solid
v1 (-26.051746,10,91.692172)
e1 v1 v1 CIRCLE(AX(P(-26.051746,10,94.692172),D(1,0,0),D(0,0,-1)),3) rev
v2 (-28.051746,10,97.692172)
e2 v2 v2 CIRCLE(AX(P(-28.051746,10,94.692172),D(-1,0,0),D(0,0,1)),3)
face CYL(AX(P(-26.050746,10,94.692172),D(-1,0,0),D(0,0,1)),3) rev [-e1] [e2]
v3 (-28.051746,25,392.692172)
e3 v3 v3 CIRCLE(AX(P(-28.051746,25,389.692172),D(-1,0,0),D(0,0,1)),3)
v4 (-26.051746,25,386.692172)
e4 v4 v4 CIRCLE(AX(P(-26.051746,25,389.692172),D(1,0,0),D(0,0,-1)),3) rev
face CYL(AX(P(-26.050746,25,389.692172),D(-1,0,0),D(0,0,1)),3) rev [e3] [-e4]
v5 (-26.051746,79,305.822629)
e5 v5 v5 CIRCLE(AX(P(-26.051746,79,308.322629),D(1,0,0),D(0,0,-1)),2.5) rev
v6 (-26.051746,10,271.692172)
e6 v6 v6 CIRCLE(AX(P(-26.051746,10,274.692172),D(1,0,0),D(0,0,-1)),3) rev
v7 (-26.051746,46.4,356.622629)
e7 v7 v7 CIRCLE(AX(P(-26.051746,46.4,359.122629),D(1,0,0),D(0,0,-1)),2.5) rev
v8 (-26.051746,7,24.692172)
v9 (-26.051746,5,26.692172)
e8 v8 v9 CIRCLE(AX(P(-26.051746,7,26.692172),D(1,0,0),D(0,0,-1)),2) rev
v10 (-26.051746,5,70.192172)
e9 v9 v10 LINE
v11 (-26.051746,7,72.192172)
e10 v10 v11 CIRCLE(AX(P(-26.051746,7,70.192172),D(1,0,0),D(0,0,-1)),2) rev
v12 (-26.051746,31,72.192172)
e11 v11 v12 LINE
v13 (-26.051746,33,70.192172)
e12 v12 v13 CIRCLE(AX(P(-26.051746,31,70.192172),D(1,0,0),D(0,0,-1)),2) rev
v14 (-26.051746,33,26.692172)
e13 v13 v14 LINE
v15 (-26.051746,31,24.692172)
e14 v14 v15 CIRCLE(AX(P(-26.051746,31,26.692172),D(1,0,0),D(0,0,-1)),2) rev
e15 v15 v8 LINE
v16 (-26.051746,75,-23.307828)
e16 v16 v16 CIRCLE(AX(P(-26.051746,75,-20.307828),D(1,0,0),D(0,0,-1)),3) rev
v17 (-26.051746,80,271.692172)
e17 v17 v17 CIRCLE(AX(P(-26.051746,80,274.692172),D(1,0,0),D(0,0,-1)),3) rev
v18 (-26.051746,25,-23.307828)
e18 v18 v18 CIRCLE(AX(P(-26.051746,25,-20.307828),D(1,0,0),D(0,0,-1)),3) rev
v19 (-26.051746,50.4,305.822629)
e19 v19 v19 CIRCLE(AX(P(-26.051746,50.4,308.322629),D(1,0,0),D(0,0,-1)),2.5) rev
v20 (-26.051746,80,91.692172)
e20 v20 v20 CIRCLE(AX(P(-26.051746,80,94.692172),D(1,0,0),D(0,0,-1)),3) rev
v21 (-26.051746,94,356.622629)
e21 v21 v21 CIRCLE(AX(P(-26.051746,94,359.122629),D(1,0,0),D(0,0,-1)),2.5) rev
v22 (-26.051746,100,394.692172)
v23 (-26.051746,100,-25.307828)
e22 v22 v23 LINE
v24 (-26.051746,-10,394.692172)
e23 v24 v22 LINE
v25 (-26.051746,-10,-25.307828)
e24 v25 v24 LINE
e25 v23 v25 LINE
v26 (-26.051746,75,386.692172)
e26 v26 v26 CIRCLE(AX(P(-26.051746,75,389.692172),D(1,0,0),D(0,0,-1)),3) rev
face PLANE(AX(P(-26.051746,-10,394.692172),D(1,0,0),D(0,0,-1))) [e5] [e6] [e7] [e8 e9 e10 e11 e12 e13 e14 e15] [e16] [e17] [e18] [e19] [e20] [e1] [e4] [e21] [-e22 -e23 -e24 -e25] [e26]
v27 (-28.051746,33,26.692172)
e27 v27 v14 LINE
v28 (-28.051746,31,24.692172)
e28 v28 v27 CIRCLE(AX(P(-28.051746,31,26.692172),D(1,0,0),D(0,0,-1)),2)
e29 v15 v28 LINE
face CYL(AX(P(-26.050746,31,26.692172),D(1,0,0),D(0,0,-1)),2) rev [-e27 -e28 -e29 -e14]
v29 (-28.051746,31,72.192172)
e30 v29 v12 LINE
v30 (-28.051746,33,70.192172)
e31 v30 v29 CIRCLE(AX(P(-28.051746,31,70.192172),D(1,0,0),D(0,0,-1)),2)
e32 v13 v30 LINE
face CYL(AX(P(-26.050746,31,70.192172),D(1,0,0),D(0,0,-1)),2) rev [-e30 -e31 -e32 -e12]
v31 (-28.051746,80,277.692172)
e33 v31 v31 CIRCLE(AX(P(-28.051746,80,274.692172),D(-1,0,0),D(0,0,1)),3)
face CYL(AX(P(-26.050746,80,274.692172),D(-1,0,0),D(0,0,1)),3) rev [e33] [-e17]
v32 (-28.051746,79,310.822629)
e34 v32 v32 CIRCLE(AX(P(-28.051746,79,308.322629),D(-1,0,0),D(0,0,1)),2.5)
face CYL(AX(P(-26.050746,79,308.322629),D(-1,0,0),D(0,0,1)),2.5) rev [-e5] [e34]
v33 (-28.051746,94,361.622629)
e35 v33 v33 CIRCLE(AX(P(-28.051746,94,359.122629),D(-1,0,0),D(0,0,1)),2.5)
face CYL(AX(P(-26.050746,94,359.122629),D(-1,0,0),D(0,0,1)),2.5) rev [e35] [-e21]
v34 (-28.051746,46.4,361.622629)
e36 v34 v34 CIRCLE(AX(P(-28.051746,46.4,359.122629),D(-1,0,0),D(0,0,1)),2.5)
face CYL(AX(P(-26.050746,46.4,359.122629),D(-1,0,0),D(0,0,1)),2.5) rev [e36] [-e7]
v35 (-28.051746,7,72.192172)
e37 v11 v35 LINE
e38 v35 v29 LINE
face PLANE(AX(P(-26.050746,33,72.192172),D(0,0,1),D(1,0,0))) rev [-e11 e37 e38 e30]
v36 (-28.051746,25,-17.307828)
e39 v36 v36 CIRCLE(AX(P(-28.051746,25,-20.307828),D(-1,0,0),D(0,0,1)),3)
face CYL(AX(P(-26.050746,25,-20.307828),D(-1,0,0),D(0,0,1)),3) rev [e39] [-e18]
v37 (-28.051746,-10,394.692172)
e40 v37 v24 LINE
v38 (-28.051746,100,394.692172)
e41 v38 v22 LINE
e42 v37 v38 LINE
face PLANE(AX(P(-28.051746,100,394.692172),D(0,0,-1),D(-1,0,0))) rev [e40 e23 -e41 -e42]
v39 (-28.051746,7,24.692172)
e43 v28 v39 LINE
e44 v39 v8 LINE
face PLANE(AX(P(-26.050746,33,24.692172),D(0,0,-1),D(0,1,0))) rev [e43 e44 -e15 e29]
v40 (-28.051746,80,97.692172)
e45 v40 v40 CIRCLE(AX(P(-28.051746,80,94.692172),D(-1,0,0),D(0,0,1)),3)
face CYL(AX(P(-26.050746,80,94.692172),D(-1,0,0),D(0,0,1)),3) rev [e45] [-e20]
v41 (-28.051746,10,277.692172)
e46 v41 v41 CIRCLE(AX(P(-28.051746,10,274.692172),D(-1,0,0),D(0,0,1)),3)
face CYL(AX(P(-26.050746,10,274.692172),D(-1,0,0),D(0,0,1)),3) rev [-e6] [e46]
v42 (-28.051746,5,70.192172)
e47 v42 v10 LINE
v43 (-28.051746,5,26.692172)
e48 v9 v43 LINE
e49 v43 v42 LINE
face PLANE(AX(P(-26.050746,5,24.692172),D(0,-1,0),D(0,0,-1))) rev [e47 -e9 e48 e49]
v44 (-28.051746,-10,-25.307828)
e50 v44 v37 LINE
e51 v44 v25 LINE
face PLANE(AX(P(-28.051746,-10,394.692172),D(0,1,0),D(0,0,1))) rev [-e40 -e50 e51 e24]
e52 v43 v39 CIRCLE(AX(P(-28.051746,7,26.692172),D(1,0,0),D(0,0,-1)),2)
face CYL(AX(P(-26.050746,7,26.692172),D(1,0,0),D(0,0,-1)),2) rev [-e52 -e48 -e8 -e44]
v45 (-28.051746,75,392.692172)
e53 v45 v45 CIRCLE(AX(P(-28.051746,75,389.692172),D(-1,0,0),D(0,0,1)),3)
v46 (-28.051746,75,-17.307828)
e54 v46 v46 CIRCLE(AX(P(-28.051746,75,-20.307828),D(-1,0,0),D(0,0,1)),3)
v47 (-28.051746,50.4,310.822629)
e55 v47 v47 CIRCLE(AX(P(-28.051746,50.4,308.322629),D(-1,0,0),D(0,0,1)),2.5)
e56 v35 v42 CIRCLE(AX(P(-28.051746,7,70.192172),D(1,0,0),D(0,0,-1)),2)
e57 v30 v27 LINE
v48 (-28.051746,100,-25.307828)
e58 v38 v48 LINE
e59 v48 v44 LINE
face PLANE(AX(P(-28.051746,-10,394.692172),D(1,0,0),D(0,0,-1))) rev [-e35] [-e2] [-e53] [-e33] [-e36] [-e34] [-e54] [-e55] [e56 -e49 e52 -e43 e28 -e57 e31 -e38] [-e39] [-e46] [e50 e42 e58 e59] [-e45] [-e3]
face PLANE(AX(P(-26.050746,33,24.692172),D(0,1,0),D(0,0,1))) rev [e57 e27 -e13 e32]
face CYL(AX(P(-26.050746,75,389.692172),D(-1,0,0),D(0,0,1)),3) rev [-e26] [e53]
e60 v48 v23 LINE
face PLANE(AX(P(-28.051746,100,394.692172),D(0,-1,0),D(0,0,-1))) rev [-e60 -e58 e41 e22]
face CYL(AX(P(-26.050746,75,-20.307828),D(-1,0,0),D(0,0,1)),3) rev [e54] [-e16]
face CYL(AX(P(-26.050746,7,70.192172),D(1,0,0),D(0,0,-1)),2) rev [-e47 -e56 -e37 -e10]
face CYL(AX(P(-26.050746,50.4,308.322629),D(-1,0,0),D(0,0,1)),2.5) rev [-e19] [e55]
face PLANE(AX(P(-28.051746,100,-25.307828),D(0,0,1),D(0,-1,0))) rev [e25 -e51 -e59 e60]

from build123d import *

# Parameters (mm, degrees)
SKETCH1_W           = 420
SKETCH1_H           = 110
BOSS_EXTRUDE1_DEPTH = 2
CUT_EXTRUDE1_REACH  = 4
SKETCH2_R           = 3
CUT_EXTRUDE2_REACH  = 4
SKETCH3_R           = 3
SKETCH3_R_2         = 2.5
SKETCH3_W           = 47.5
SKETCH3_H           = 28
FILLET1_R           = 2


with BuildPart() as part:
    # Sketch1 → Boss-Extrude1 (new body)
    with BuildSketch(Plane.ZY.offset(26.051745534)):
        with Locations((184.692172039, 45)):
            Rectangle(SKETCH1_W, SKETCH1_H)
    extrude(amount=BOSS_EXTRUDE1_DEPTH)

    # Sketch2 → Cut-Extrude1 (cut, up to next)
    with BuildSketch(Plane.ZY.offset(28.051745534), mode=Mode.PRIVATE) as cut_extrude1_sk1:
        with Locations((-20.307827961, 75)):
            Circle(SKETCH2_R)
    cut_extrude1_tool1 = extrude(cut_extrude1_sk1.sketch, amount=-CUT_EXTRUDE1_REACH, mode=Mode.PRIVATE) & part.part
    add(cut_extrude1_tool1.solids().sort_by_distance((-28.051746, 75, -20.307828))[0], mode=Mode.SUBTRACT)
    # Sketch2 → Cut-Extrude1 (cut, up to next)
    with BuildSketch(Plane.ZY.offset(28.051745534), mode=Mode.PRIVATE) as cut_extrude1_sk2:
        with Locations((-20.307827961, 25)):
            Circle(SKETCH2_R)
    cut_extrude1_tool2 = extrude(cut_extrude1_sk2.sketch, amount=-CUT_EXTRUDE1_REACH, mode=Mode.PRIVATE) & part.part
    add(cut_extrude1_tool2.solids().sort_by_distance((-28.051746, 25, -20.307828))[0], mode=Mode.SUBTRACT)
    # Sketch2 → Cut-Extrude1 (cut, up to next)
    with BuildSketch(Plane.ZY.offset(28.051745534), mode=Mode.PRIVATE) as cut_extrude1_sk3:
        with Locations((389.692172039, 75)):
            Circle(SKETCH2_R)
    cut_extrude1_tool3 = extrude(cut_extrude1_sk3.sketch, amount=-CUT_EXTRUDE1_REACH, mode=Mode.PRIVATE) & part.part
    add(cut_extrude1_tool3.solids().sort_by_distance((-28.051746, 75, 389.692172))[0], mode=Mode.SUBTRACT)
    # Sketch2 → Cut-Extrude1 (cut, up to next)
    with BuildSketch(Plane.ZY.offset(28.051745534), mode=Mode.PRIVATE) as cut_extrude1_sk4:
        with Locations((389.692172039, 25)):
            Circle(SKETCH2_R)
    cut_extrude1_tool4 = extrude(cut_extrude1_sk4.sketch, amount=-CUT_EXTRUDE1_REACH, mode=Mode.PRIVATE) & part.part
    add(cut_extrude1_tool4.solids().sort_by_distance((-28.051746, 25, 389.692172))[0], mode=Mode.SUBTRACT)

    # Sketch3 → Cut-Extrude2 (cut, up to next)
    with BuildSketch(Plane.ZY.offset(28.051745534), mode=Mode.PRIVATE) as cut_extrude2_sk1:
        with Locations((94.692172039, 10)):
            Circle(SKETCH3_R)
    cut_extrude2_tool1 = extrude(cut_extrude2_sk1.sketch, amount=-CUT_EXTRUDE2_REACH, mode=Mode.PRIVATE) & part.part
    add(cut_extrude2_tool1.solids().sort_by_distance((-28.051746, 10, 94.692172))[0], mode=Mode.SUBTRACT)
    # Sketch3 → Cut-Extrude2 (cut, up to next)
    with BuildSketch(Plane.ZY.offset(28.051745534), mode=Mode.PRIVATE) as cut_extrude2_sk2:
        with Locations((274.692172039, 10)):
            Circle(SKETCH3_R)
    cut_extrude2_tool2 = extrude(cut_extrude2_sk2.sketch, amount=-CUT_EXTRUDE2_REACH, mode=Mode.PRIVATE) & part.part
    add(cut_extrude2_tool2.solids().sort_by_distance((-28.051746, 10, 274.692172))[0], mode=Mode.SUBTRACT)
    # Sketch3 → Cut-Extrude2 (cut, up to next)
    with BuildSketch(Plane.ZY.offset(28.051745534), mode=Mode.PRIVATE) as cut_extrude2_sk3:
        with Locations((94.692172039, 80)):
            Circle(SKETCH3_R)
    cut_extrude2_tool3 = extrude(cut_extrude2_sk3.sketch, amount=-CUT_EXTRUDE2_REACH, mode=Mode.PRIVATE) & part.part
    add(cut_extrude2_tool3.solids().sort_by_distance((-28.051746, 80, 94.692172))[0], mode=Mode.SUBTRACT)
    # Sketch3 → Cut-Extrude2 (cut, up to next)
    with BuildSketch(Plane.ZY.offset(28.051745534), mode=Mode.PRIVATE) as cut_extrude2_sk4:
        with Locations((274.692172039, 80)):
            Circle(SKETCH3_R)
    cut_extrude2_tool4 = extrude(cut_extrude2_sk4.sketch, amount=-CUT_EXTRUDE2_REACH, mode=Mode.PRIVATE) & part.part
    add(cut_extrude2_tool4.solids().sort_by_distance((-28.051746, 80, 274.692172))[0], mode=Mode.SUBTRACT)
    # Sketch3 → Cut-Extrude2 (cut, up to next)
    with BuildSketch(Plane.ZY.offset(28.051745534), mode=Mode.PRIVATE) as cut_extrude2_sk5:
        with Locations((359.1226293, 94)):
            Circle(SKETCH3_R_2)
    cut_extrude2_tool5 = extrude(cut_extrude2_sk5.sketch, amount=-CUT_EXTRUDE2_REACH, mode=Mode.PRIVATE) & part.part
    add(cut_extrude2_tool5.solids().sort_by_distance((-28.051746, 94, 359.122629))[0], mode=Mode.SUBTRACT)
    # Sketch3 → Cut-Extrude2 (cut, up to next)
    with BuildSketch(Plane.ZY.offset(28.051745534), mode=Mode.PRIVATE) as cut_extrude2_sk6:
        with Locations((308.3226293, 79)):
            Circle(SKETCH3_R_2)
    cut_extrude2_tool6 = extrude(cut_extrude2_sk6.sketch, amount=-CUT_EXTRUDE2_REACH, mode=Mode.PRIVATE) & part.part
    add(cut_extrude2_tool6.solids().sort_by_distance((-28.051746, 79, 308.322629))[0], mode=Mode.SUBTRACT)
    # Sketch3 → Cut-Extrude2 (cut, up to next)
    with BuildSketch(Plane.ZY.offset(28.051745534), mode=Mode.PRIVATE) as cut_extrude2_sk7:
        with Locations((308.3226293, 50.4)):
            Circle(SKETCH3_R_2)
    cut_extrude2_tool7 = extrude(cut_extrude2_sk7.sketch, amount=-CUT_EXTRUDE2_REACH, mode=Mode.PRIVATE) & part.part
    add(cut_extrude2_tool7.solids().sort_by_distance((-28.051746, 50.4, 308.322629))[0], mode=Mode.SUBTRACT)
    # Sketch3 → Cut-Extrude2 (cut, up to next)
    with BuildSketch(Plane.ZY.offset(28.051745534), mode=Mode.PRIVATE) as cut_extrude2_sk8:
        with Locations((359.1226293, 46.4)):
            Circle(SKETCH3_R_2)
    cut_extrude2_tool8 = extrude(cut_extrude2_sk8.sketch, amount=-CUT_EXTRUDE2_REACH, mode=Mode.PRIVATE) & part.part
    add(cut_extrude2_tool8.solids().sort_by_distance((-28.051746, 46.4, 359.122629))[0], mode=Mode.SUBTRACT)
    # Sketch3 → Cut-Extrude2 (cut, up to next)
    with BuildSketch(Plane.ZY.offset(28.051745534), mode=Mode.PRIVATE) as cut_extrude2_sk9:
        with Locations((48.442172039, 19)):
            Rectangle(SKETCH3_W, SKETCH3_H)
    cut_extrude2_tool9 = extrude(cut_extrude2_sk9.sketch, amount=-CUT_EXTRUDE2_REACH, mode=Mode.PRIVATE) & part.part
    add(cut_extrude2_tool9.solids().sort_by_distance((-28.051746, 19, 48.442172))[0], mode=Mode.SUBTRACT)

    # Fillet1
    fillet1_edges = [part.edges().sort_by_distance(p)[0] for p in [
        (-27.051745534, 5, 24.692172039),
        (-27.051745534, 33, 24.692172039),
        (-27.051745534, 33, 72.192172039),
        (-27.051745534, 5, 72.192172039),
    ]]
    fillet(fillet1_edges, radius=FILLET1_R)


solid = part.part
